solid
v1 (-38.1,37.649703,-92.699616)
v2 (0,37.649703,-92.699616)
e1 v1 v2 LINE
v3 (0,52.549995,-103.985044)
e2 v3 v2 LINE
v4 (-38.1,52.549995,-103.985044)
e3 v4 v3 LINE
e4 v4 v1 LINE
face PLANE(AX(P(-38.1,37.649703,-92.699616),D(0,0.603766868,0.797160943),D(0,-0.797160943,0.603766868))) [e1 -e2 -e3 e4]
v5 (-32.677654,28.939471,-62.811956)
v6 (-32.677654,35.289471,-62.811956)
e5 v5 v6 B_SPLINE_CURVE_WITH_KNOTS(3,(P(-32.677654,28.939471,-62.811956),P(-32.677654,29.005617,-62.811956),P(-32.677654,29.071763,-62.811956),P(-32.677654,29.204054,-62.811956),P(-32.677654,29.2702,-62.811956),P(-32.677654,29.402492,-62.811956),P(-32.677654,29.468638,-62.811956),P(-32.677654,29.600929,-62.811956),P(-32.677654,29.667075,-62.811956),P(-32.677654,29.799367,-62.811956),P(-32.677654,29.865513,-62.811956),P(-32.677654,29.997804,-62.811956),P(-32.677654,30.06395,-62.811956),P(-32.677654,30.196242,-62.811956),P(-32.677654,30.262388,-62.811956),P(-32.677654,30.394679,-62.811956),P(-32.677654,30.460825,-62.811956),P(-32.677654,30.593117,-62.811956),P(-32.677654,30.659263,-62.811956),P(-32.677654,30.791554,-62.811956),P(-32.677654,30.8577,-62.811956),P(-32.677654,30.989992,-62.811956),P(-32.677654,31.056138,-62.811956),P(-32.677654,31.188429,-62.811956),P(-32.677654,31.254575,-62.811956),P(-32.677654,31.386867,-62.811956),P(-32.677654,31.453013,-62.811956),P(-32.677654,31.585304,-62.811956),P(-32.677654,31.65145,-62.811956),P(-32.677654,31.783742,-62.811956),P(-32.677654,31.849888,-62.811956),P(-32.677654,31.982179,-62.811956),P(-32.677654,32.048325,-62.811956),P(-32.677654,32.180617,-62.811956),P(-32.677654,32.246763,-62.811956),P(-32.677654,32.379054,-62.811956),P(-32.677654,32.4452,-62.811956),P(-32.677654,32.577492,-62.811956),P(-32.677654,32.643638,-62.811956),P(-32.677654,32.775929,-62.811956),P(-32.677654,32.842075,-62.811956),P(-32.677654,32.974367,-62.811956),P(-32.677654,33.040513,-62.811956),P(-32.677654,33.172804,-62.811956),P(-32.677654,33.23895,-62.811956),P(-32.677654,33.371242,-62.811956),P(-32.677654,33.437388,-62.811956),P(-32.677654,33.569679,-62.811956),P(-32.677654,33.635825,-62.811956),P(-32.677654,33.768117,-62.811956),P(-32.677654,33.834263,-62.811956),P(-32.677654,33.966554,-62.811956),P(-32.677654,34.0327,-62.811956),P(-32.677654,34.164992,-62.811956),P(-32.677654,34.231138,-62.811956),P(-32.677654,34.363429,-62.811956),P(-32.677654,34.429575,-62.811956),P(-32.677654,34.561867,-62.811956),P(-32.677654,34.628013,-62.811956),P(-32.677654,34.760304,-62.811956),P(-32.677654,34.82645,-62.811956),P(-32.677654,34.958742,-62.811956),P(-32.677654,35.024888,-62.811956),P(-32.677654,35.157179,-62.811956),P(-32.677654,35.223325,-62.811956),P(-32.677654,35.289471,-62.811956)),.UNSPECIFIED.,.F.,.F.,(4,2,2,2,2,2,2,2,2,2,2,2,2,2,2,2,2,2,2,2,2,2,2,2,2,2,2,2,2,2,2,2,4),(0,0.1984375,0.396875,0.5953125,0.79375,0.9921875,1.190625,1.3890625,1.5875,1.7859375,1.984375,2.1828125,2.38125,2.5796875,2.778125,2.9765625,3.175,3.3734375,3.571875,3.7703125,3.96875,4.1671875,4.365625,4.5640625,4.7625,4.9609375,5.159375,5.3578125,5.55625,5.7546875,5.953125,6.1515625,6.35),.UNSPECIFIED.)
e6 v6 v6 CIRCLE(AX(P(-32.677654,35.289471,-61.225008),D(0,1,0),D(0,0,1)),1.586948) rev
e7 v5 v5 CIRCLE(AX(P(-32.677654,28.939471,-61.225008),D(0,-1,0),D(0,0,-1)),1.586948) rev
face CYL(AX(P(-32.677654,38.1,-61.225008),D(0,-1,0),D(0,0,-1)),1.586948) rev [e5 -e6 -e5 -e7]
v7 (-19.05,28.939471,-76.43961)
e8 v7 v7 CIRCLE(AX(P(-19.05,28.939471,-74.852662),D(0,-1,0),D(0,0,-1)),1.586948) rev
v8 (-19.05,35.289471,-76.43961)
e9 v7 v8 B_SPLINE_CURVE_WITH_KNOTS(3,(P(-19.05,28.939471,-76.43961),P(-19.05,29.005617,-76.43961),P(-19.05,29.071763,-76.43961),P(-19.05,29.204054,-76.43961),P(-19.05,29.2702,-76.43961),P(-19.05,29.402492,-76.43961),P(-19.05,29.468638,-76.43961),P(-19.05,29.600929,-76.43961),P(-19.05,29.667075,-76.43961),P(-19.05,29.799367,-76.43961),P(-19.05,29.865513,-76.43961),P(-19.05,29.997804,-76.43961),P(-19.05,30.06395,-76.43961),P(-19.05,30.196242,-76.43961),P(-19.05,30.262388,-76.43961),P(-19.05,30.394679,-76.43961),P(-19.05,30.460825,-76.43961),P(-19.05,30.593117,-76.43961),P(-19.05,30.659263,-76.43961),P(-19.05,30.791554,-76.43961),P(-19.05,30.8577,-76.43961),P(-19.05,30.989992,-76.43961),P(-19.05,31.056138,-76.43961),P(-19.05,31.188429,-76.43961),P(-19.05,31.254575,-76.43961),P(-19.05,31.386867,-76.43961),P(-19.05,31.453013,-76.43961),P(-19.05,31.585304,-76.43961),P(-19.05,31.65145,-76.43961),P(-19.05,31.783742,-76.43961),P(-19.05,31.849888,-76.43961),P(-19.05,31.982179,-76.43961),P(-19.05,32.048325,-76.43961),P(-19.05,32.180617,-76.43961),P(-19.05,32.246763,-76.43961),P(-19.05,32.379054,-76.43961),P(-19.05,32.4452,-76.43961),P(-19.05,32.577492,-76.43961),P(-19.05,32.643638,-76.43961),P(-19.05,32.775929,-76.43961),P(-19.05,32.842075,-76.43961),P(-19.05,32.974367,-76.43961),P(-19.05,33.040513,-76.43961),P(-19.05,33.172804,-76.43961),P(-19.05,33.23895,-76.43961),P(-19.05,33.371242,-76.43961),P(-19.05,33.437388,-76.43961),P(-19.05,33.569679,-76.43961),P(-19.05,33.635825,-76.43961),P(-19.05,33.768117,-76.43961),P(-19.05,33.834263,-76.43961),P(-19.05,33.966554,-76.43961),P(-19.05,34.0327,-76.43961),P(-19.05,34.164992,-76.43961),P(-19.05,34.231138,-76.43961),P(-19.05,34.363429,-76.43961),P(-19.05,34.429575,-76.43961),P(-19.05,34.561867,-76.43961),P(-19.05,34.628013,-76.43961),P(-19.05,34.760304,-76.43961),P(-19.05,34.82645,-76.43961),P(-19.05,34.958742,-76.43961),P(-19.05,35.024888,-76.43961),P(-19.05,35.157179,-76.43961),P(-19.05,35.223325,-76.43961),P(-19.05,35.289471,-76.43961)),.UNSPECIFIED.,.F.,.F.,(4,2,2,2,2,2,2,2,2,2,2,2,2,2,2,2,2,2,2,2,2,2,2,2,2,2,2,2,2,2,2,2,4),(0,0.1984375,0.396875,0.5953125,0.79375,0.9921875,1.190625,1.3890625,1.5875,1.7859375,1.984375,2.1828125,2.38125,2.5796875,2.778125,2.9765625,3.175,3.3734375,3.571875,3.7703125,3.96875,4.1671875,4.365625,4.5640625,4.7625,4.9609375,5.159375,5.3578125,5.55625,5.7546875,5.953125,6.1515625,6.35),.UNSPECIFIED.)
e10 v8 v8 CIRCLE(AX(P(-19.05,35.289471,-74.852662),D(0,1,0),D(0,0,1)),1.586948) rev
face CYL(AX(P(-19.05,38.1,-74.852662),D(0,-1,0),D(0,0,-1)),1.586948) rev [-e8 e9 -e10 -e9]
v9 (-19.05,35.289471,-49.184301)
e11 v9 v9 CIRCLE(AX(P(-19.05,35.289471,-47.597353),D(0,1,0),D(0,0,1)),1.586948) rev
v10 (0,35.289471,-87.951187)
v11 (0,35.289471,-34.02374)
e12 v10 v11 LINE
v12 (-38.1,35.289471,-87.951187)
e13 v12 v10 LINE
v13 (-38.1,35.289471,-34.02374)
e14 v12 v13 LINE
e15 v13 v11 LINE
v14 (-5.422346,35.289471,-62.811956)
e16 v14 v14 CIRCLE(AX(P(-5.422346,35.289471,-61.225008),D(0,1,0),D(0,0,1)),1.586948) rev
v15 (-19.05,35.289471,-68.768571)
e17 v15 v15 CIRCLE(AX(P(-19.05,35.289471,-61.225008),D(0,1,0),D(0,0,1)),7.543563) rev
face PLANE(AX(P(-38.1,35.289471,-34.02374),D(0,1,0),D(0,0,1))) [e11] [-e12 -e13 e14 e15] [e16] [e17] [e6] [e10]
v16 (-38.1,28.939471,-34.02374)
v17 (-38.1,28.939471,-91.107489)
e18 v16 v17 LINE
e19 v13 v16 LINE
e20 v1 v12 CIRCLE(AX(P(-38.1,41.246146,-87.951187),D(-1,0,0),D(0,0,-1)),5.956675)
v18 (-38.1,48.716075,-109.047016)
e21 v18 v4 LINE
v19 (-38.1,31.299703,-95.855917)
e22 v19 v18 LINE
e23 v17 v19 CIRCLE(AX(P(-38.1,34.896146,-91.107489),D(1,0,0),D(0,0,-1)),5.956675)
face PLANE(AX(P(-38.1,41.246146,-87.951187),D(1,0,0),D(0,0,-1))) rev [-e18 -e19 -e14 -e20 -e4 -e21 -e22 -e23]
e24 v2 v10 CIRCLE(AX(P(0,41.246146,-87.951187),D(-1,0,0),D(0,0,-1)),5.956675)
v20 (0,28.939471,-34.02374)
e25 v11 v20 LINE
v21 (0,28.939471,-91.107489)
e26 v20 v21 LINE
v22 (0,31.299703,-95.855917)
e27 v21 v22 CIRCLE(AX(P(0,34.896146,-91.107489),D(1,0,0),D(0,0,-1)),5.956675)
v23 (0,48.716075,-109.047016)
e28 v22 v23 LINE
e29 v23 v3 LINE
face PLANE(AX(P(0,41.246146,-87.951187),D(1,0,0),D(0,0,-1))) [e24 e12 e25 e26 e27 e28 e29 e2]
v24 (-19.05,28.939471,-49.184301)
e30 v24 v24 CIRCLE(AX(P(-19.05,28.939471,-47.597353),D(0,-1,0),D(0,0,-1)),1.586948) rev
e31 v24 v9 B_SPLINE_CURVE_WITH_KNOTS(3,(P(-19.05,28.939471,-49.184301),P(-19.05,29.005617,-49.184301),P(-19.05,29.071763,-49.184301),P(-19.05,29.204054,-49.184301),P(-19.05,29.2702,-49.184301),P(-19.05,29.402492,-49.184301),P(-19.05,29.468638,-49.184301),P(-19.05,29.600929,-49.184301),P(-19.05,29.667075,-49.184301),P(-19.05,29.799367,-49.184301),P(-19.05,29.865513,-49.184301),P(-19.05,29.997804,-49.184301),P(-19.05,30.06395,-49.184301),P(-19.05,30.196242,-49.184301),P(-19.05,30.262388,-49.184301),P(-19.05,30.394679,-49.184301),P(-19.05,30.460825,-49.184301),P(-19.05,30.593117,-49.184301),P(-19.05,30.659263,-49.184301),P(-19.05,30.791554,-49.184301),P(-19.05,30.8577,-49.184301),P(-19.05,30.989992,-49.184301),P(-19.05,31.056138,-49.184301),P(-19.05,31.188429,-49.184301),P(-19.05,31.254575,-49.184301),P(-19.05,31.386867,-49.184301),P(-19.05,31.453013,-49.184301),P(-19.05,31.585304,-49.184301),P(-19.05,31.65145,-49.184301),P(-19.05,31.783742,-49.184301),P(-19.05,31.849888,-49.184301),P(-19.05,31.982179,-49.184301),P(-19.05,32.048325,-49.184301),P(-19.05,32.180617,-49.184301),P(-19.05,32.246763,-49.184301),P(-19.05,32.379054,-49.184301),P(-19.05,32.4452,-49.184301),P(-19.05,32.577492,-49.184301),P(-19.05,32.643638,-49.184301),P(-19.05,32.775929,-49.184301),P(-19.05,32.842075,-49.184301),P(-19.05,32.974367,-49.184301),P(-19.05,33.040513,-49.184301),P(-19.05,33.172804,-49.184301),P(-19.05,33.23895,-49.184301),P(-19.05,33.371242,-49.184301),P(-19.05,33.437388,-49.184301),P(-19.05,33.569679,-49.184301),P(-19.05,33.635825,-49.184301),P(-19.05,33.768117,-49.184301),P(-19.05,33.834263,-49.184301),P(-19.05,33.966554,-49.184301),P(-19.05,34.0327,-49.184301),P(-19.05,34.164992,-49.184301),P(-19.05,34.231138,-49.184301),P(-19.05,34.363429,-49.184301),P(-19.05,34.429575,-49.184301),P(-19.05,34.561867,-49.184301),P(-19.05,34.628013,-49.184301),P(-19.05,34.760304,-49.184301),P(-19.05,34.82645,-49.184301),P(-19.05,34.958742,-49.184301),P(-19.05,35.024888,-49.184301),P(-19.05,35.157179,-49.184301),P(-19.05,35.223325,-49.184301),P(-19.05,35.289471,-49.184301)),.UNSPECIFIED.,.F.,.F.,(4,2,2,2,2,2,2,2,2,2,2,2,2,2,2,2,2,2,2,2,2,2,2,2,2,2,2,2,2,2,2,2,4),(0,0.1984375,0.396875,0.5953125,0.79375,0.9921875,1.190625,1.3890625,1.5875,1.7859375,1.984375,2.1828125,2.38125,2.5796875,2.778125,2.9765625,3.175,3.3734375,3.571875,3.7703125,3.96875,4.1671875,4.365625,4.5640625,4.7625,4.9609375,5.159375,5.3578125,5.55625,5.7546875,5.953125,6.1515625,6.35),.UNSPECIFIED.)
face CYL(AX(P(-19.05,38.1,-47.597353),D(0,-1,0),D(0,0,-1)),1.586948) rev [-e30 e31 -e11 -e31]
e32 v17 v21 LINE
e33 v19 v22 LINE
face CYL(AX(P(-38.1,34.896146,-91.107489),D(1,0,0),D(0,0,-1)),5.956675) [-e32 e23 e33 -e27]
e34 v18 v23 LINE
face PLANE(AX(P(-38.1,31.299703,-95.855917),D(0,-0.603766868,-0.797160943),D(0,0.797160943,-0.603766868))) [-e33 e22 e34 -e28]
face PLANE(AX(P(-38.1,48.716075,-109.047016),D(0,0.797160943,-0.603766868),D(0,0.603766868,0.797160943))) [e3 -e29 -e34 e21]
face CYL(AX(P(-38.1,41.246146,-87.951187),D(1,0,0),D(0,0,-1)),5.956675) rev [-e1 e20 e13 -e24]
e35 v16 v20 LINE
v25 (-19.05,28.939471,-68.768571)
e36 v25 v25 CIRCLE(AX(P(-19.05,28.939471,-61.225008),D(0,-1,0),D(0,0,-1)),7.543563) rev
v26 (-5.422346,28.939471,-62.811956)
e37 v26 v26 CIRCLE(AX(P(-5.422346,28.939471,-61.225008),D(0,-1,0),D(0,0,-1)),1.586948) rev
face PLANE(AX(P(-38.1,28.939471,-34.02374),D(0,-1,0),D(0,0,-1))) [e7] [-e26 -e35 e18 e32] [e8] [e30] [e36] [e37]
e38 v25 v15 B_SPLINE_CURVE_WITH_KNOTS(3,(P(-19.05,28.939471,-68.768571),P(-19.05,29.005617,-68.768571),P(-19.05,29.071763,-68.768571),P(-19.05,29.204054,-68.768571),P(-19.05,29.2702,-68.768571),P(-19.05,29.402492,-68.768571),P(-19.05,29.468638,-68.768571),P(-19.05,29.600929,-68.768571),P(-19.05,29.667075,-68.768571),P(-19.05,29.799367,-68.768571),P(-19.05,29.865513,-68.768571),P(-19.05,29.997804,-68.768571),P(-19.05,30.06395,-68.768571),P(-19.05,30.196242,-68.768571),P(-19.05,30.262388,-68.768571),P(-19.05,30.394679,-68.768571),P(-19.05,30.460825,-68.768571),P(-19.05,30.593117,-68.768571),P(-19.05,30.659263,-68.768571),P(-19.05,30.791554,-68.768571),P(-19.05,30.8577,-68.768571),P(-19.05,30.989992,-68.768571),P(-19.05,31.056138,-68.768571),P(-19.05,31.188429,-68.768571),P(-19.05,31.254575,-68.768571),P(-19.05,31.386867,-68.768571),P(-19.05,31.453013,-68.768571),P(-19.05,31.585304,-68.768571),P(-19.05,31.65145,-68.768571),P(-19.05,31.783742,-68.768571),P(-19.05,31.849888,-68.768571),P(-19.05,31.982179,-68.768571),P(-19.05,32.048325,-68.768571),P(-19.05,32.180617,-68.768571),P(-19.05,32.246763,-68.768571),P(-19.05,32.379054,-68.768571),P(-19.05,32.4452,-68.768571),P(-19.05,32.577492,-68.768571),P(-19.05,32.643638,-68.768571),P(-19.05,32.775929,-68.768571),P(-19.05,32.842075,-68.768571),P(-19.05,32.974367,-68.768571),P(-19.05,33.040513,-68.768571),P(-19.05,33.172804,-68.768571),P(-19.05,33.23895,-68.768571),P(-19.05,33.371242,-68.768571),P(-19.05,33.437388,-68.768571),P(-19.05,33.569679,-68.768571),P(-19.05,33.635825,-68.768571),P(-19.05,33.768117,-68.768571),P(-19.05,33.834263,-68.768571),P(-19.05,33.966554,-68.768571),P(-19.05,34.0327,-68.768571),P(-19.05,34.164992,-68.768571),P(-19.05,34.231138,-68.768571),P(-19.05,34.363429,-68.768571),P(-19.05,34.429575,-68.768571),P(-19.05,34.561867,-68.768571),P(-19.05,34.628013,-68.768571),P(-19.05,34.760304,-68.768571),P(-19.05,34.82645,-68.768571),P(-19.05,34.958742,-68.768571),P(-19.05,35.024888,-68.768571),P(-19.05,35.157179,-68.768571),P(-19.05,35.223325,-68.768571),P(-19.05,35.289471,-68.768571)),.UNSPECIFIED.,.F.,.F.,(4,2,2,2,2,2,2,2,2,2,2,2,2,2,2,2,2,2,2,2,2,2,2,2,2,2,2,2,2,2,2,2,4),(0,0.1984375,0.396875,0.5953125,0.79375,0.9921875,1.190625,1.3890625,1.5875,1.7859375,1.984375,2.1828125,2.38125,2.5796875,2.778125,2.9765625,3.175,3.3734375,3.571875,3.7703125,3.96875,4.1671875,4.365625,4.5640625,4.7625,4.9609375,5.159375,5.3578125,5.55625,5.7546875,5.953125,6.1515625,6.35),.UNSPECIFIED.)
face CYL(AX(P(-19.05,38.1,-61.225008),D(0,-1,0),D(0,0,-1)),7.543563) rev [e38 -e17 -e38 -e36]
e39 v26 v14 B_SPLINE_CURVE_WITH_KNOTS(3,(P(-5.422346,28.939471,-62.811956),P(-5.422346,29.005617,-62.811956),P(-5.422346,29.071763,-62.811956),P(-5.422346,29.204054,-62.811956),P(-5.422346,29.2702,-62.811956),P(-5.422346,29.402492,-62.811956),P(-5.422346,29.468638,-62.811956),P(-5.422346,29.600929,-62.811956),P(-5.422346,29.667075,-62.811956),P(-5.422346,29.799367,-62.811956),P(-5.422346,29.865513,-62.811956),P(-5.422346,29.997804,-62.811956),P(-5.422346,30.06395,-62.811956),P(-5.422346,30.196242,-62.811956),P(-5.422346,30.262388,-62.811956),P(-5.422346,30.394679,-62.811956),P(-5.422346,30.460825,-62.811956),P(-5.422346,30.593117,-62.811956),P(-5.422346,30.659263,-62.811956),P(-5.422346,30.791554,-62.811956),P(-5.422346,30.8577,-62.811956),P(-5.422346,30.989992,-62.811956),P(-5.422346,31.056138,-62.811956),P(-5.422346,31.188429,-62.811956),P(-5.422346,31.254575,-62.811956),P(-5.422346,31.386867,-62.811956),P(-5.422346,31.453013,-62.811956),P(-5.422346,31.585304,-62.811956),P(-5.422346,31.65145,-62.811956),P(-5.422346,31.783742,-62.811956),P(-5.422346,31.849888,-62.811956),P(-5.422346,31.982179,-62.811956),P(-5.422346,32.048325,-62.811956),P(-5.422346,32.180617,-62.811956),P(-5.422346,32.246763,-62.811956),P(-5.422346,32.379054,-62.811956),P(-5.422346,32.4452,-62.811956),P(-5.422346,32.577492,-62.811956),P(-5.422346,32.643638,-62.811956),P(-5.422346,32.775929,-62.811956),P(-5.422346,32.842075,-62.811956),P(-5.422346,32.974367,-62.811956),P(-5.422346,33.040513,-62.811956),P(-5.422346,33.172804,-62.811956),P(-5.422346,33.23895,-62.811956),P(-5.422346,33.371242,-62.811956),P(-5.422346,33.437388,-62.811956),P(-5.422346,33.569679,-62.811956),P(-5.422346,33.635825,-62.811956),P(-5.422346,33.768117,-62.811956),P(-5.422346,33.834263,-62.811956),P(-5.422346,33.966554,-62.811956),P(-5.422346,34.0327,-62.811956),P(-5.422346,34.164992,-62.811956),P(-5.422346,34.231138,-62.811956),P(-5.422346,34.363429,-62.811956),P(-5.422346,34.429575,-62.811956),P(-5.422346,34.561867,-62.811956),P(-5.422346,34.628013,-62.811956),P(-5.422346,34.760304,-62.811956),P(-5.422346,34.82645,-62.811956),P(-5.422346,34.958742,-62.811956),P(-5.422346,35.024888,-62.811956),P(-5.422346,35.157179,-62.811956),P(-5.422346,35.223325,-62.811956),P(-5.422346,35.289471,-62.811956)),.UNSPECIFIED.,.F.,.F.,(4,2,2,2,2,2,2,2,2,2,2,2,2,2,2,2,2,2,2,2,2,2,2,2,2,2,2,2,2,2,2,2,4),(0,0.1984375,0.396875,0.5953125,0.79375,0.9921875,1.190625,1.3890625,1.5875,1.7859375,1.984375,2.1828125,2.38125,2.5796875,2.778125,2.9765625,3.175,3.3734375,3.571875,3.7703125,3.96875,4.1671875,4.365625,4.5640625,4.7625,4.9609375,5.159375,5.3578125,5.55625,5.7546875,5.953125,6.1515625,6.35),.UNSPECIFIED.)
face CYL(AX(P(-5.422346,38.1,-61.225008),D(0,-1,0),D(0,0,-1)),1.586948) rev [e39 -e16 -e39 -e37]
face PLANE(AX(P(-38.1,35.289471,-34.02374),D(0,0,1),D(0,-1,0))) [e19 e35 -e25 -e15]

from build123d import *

# Parameters (mm, degrees)
EXTRUDE1_DEPTH = 38.1
SKETCH2_R      = 7.543563031
SKETCH2_R_2    = 1.586948076
EXTRUDE2_DEPTH = 38.1


with BuildPart() as part:
    # Sketch1 → Extrude1 (new body)
    with BuildSketch(Plane(origin=(0, 0, 0), x_dir=(0, 0, -1), z_dir=(1, 0, 0))):
        with BuildLine():
            Line((34.023739696, 28.939470853), (91.107488572, 28.939470853))
            ThreePointArc((91.107488572, 28.939470853), (93.758821762, 29.562065849), (95.855917312, 31.299702884))
            Line((95.855917312, 31.299702884), (109.047015974, 48.716075337))
            Line((109.047015974, 48.716075337), (103.985043986, 52.54999495))
            Line((103.985043986, 52.54999495), (92.699615676, 37.649702884))
            ThreePointArc((92.699615676, 37.649702884), (90.602520127, 35.912065849), (87.951186937, 35.289470853))
            Line((87.951186937, 35.289470853), (34.023739696, 35.289470853))
            Line((34.023739696, 35.289470853), (34.023739696, 28.939470853))
        make_face()
    extrude(amount=-EXTRUDE1_DEPTH)

    # Sketch2 → Extrude2 (cut)
    with BuildSketch(Plane(origin=(0, 0, 0), x_dir=(1, 0, 0), z_dir=(0, 1, 0))):
        with Locations(Location((-19.05, 61.225007573, 0), (0, 0, 90))):
            Circle(SKETCH2_R)
        with Locations(Location((-32.67765431, 61.225007573, 0), (0, 0, 90))):
            Circle(SKETCH2_R_2)
        with Locations(Location((-19.05, 74.852661883, 0), (0, 0, 90))):
            Circle(SKETCH2_R_2)
        with Locations(Location((-5.42234569, 61.225007573, 0), (0, 0, 90))):
            Circle(SKETCH2_R_2)
        with Locations(Location((-19.05, 47.597353263, 0), (0, 0, 90))):
            Circle(SKETCH2_R_2)
    extrude(amount=EXTRUDE2_DEPTH, mode=Mode.SUBTRACT)


solid = part.part
